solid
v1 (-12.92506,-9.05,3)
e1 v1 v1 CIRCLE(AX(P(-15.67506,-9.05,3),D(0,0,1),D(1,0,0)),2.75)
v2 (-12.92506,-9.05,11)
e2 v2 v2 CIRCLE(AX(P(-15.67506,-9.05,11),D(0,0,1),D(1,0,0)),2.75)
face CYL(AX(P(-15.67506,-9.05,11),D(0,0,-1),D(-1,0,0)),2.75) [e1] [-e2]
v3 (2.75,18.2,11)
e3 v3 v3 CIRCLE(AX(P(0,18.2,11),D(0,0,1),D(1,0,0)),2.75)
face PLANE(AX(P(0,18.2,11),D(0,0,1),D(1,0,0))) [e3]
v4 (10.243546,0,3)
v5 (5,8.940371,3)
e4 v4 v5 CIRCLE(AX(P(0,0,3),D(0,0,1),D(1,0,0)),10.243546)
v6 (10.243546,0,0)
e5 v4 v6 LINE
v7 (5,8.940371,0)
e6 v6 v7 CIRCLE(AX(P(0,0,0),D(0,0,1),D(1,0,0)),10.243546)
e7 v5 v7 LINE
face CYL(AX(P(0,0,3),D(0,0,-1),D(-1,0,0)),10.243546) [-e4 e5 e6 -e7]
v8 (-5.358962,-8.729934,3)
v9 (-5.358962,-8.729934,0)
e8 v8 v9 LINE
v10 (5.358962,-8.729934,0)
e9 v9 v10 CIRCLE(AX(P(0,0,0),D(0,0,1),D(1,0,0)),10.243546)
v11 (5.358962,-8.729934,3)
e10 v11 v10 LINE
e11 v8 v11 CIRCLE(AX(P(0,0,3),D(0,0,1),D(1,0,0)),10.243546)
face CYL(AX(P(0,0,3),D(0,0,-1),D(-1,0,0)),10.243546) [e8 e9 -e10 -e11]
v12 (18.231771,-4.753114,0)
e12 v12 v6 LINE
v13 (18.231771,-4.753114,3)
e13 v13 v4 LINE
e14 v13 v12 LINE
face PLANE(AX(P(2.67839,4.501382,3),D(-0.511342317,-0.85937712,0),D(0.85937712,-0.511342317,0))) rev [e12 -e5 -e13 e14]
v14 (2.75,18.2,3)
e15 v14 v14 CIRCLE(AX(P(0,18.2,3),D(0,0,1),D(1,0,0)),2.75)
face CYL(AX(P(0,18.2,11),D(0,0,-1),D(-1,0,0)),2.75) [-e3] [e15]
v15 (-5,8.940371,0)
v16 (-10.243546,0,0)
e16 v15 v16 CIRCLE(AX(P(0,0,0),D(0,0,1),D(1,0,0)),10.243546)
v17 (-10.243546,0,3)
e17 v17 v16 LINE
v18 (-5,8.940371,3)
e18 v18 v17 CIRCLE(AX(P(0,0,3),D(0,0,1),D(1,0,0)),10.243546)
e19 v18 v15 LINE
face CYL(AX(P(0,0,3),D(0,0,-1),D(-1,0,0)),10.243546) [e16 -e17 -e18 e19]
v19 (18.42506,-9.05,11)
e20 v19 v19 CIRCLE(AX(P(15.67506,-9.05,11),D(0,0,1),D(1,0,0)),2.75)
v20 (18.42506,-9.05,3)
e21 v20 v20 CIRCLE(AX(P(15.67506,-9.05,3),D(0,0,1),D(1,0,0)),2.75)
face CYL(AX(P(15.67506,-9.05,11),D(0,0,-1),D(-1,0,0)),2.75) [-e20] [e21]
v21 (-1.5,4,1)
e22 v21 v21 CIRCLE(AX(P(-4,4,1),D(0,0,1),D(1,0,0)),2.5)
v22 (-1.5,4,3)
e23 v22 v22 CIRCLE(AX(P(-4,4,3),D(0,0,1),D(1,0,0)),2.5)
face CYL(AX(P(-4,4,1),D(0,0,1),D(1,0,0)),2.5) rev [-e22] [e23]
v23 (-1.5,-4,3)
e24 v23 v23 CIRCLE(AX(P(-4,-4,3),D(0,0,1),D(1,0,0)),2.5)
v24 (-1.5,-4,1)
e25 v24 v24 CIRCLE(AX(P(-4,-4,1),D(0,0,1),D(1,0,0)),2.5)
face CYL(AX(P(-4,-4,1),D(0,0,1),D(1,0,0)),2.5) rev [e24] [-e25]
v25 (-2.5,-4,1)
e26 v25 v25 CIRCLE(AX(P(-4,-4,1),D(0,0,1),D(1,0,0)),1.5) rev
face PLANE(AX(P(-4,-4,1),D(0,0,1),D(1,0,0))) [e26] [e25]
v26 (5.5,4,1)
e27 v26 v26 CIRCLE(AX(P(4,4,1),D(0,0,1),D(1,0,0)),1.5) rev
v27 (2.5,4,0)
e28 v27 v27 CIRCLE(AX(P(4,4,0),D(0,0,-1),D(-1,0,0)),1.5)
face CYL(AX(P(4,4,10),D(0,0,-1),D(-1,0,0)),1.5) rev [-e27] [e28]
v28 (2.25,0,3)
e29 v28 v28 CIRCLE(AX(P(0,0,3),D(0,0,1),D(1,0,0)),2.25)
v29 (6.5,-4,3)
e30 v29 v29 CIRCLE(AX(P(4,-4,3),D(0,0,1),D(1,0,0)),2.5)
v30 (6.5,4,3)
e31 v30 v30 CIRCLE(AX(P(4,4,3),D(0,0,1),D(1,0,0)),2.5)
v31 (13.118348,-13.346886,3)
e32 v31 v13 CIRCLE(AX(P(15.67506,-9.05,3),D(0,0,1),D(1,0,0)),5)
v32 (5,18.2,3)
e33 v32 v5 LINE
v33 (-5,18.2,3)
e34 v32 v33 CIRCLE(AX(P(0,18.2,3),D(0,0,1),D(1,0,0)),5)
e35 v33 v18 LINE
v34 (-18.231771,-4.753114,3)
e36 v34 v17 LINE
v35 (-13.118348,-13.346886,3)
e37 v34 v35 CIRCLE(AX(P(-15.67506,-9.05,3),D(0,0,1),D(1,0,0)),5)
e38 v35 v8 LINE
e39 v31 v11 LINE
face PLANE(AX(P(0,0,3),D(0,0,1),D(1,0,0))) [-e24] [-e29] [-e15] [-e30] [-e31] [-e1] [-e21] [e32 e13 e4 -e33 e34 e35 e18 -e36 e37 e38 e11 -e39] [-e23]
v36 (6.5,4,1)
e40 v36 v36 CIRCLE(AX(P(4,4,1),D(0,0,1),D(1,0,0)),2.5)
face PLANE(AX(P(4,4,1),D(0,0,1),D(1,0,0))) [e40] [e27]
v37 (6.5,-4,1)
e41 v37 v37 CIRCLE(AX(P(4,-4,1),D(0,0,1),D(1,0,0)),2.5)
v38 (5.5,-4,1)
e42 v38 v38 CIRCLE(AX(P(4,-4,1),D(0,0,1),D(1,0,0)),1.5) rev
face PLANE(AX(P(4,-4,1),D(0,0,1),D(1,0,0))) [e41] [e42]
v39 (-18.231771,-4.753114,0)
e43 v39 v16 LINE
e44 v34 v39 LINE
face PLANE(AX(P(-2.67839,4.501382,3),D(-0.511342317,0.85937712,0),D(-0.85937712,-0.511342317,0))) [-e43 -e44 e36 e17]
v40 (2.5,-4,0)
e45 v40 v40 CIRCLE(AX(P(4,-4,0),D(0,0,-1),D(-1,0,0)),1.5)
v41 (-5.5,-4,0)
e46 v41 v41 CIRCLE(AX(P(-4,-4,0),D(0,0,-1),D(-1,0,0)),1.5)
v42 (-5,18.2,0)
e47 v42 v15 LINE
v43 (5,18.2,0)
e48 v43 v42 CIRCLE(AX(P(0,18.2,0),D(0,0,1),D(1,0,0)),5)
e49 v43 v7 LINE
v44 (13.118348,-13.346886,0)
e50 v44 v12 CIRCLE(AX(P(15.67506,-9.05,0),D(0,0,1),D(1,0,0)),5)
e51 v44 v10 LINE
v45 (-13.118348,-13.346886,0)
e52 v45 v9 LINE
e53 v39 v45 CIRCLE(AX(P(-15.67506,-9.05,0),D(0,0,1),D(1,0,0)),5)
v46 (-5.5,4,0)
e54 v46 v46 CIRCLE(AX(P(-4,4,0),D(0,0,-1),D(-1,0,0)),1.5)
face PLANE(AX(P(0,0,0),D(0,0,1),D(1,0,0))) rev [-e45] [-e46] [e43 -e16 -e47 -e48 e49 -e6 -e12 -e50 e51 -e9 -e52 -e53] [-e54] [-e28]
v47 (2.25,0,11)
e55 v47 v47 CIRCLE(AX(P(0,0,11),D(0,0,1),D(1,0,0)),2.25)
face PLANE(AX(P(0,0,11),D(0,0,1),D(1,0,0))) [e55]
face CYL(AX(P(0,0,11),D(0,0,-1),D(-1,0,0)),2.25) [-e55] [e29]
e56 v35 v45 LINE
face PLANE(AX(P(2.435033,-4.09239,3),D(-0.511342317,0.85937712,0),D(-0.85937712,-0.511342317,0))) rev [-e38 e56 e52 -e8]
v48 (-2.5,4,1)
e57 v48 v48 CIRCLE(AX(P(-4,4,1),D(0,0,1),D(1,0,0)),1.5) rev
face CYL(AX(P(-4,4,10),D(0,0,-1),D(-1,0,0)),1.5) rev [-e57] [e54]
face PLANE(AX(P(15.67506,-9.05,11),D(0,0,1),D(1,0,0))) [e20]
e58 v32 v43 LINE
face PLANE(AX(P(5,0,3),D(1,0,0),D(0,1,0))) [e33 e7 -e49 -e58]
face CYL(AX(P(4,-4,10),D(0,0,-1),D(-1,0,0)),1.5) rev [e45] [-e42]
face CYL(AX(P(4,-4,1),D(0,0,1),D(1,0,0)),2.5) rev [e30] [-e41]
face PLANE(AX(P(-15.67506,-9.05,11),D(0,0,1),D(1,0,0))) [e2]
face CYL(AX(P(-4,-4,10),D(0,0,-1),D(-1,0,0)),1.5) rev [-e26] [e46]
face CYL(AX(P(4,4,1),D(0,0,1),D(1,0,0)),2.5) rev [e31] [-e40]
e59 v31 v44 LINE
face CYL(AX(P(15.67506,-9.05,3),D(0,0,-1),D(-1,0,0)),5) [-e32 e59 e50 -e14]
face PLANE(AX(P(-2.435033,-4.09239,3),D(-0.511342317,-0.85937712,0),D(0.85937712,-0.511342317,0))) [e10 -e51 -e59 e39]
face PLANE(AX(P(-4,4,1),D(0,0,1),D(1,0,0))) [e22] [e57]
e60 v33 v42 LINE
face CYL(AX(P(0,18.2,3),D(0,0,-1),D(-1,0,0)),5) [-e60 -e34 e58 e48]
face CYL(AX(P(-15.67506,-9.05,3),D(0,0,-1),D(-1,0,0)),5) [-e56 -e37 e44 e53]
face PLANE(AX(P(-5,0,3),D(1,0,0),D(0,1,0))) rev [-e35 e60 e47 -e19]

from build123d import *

# Parameters (mm, degrees)
SALIENTE_EXTRUIR1_DEPTH = 3
CROQUIS2_R              = 2.75
SALIENTE_EXTRUIR2_DEPTH = 8
CROQUIS3_R              = 2.25
SALIENTE_EXTRUIR3_DEPTH = 8
CORTAR_EXTRUIR1_DEPTH   = 10
CROQUIS5_R              = 2.5
CORTAR_EXTRUIR2_DEPTH   = 2


with BuildPart() as part:
    # Croquis1 → Saliente-Extruir1 (new body)
    with BuildSketch(Plane.XY):
        with BuildLine():
            Line((-13.118348224, -13.346885602), (-5.358962429, -8.729934305))
            ThreePointArc((-5.358962429, -8.729934305), (0, -10.243545836), (5.358962429, -8.729934305))
            Line((5.358962429, -8.729934305), (13.118348224, -13.346885602))
            ThreePointArc((13.118348224, -13.346885602), (19.97194541, -11.606711584), (18.231771393, -4.753114398))
            Line((18.231771393, -4.753114398), (10.243545836, 0))
            ThreePointArc((10.243545836, 0), (8.83594818, 5.182301714), (5, 8.94037087))
            Line((5, 8.94037087), (5, 18.2))
            ThreePointArc((5, 18.2), (0, 23.2), (-5, 18.2))
            Line((-5, 18.2), (-5, 8.94037087))
            ThreePointArc((-5, 8.94037087), (-8.83594818, 5.182301714), (-10.243545836, 0))
            Line((-10.243545836, 0), (-18.231771393, -4.753114398))
            ThreePointArc((-18.231771393, -4.753114398), (-19.97194541, -11.606711584), (-13.118348224, -13.346885602))
        make_face()
    extrude(amount=SALIENTE_EXTRUIR1_DEPTH)

    # Croquis2 → Saliente-Extruir2 (add)
    with BuildSketch(Plane.XY.offset(3)):
        with Locations((0, 18.2)):
            Circle(CROQUIS2_R)
        with Locations((15.675059808, -9.05)):
            Circle(CROQUIS2_R)
        with Locations((-15.675059808, -9.05)):
            Circle(CROQUIS2_R)
    extrude(amount=SALIENTE_EXTRUIR2_DEPTH)

    # Croquis3 → Saliente-Extruir3 (add)
    with BuildSketch(Plane.XY.offset(3)):
        Circle(CROQUIS3_R)
    extrude(amount=SALIENTE_EXTRUIR3_DEPTH)

    # Croquis4 → Cortar-Extruir1 (cut)
    with BuildSketch(Plane(origin=(0, 0, 0), x_dir=(-1, 0, 0), z_dir=(0, 0, -1))):
        with BuildLine():
            Line((-4, 2.5), (-4, 4))
            Line((-4, 4), (-2.5, 4))
            ThreePointArc((-2.5, 4), (-5.060660172, 5.060660172), (-4, 2.5))
        make_face()
        with BuildLine():
            Line((-2.5, 4), (-4, 4))
            Line((-4, 4), (-4, 2.5))
            ThreePointArc((-4, 2.5), (-2.939339828, 2.939339828), (-2.5, 4))
        make_face()
        with BuildLine():
            ThreePointArc((5.5, 4), (4, 5.5), (2.5, 4))
            Line((2.5, 4), (4, 4))
            Line((4, 4), (4, 2.5))
            ThreePointArc((4, 2.5), (5.060660172, 2.939339828), (5.5, 4))
        make_face()
        with BuildLine():
            Line((4, 4), (2.5, 4))
            ThreePointArc((2.5, 4), (2.939339828, 2.939339828), (4, 2.5))
            Line((4, 2.5), (4, 4))
        make_face()
        with BuildLine():
            ThreePointArc((5.5, -4), (5.060660172, -2.939339828), (4, -2.5))
            Line((4, -2.5), (4, -4))
            Line((4, -4), (2.5, -4))
            ThreePointArc((2.5, -4), (4, -5.5), (5.5, -4))
        make_face()
        with BuildLine():
            Line((4, -4), (4, -2.5))
            ThreePointArc((4, -2.5), (2.939339828, -2.939339828), (2.5, -4))
            Line((2.5, -4), (4, -4))
        make_face()
        with BuildLine():
            ThreePointArc((-2.5, -4), (-2.939339828, -2.939339828), (-4, -2.5))
            Line((-4, -2.5), (-4, -4))
            Line((-4, -4), (-2.5, -4))
        make_face()
        with BuildLine():
            Line((-4, -4), (-4, -2.5))
            ThreePointArc((-4, -2.5), (-5.060660172, -5.060660172), (-2.5, -4))
            Line((-2.5, -4), (-4, -4))
        make_face()
    extrude(amount=-CORTAR_EXTRUIR1_DEPTH, mode=Mode.SUBTRACT)

    # Croquis5 → Cortar-Extruir2 (cut)
    with BuildSketch(Plane.XY.offset(3)):
        with Locations((-4, 4)):
            Circle(CROQUIS5_R)
        with Locations((4, 4)):
            Circle(CROQUIS5_R)
        with Locations((4, -4)):
            Circle(CROQUIS5_R)
        with Locations((-4, -4)):
            Circle(CROQUIS5_R)
    extrude(amount=-CORTAR_EXTRUIR2_DEPTH, mode=Mode.SUBTRACT)


solid = part.part
